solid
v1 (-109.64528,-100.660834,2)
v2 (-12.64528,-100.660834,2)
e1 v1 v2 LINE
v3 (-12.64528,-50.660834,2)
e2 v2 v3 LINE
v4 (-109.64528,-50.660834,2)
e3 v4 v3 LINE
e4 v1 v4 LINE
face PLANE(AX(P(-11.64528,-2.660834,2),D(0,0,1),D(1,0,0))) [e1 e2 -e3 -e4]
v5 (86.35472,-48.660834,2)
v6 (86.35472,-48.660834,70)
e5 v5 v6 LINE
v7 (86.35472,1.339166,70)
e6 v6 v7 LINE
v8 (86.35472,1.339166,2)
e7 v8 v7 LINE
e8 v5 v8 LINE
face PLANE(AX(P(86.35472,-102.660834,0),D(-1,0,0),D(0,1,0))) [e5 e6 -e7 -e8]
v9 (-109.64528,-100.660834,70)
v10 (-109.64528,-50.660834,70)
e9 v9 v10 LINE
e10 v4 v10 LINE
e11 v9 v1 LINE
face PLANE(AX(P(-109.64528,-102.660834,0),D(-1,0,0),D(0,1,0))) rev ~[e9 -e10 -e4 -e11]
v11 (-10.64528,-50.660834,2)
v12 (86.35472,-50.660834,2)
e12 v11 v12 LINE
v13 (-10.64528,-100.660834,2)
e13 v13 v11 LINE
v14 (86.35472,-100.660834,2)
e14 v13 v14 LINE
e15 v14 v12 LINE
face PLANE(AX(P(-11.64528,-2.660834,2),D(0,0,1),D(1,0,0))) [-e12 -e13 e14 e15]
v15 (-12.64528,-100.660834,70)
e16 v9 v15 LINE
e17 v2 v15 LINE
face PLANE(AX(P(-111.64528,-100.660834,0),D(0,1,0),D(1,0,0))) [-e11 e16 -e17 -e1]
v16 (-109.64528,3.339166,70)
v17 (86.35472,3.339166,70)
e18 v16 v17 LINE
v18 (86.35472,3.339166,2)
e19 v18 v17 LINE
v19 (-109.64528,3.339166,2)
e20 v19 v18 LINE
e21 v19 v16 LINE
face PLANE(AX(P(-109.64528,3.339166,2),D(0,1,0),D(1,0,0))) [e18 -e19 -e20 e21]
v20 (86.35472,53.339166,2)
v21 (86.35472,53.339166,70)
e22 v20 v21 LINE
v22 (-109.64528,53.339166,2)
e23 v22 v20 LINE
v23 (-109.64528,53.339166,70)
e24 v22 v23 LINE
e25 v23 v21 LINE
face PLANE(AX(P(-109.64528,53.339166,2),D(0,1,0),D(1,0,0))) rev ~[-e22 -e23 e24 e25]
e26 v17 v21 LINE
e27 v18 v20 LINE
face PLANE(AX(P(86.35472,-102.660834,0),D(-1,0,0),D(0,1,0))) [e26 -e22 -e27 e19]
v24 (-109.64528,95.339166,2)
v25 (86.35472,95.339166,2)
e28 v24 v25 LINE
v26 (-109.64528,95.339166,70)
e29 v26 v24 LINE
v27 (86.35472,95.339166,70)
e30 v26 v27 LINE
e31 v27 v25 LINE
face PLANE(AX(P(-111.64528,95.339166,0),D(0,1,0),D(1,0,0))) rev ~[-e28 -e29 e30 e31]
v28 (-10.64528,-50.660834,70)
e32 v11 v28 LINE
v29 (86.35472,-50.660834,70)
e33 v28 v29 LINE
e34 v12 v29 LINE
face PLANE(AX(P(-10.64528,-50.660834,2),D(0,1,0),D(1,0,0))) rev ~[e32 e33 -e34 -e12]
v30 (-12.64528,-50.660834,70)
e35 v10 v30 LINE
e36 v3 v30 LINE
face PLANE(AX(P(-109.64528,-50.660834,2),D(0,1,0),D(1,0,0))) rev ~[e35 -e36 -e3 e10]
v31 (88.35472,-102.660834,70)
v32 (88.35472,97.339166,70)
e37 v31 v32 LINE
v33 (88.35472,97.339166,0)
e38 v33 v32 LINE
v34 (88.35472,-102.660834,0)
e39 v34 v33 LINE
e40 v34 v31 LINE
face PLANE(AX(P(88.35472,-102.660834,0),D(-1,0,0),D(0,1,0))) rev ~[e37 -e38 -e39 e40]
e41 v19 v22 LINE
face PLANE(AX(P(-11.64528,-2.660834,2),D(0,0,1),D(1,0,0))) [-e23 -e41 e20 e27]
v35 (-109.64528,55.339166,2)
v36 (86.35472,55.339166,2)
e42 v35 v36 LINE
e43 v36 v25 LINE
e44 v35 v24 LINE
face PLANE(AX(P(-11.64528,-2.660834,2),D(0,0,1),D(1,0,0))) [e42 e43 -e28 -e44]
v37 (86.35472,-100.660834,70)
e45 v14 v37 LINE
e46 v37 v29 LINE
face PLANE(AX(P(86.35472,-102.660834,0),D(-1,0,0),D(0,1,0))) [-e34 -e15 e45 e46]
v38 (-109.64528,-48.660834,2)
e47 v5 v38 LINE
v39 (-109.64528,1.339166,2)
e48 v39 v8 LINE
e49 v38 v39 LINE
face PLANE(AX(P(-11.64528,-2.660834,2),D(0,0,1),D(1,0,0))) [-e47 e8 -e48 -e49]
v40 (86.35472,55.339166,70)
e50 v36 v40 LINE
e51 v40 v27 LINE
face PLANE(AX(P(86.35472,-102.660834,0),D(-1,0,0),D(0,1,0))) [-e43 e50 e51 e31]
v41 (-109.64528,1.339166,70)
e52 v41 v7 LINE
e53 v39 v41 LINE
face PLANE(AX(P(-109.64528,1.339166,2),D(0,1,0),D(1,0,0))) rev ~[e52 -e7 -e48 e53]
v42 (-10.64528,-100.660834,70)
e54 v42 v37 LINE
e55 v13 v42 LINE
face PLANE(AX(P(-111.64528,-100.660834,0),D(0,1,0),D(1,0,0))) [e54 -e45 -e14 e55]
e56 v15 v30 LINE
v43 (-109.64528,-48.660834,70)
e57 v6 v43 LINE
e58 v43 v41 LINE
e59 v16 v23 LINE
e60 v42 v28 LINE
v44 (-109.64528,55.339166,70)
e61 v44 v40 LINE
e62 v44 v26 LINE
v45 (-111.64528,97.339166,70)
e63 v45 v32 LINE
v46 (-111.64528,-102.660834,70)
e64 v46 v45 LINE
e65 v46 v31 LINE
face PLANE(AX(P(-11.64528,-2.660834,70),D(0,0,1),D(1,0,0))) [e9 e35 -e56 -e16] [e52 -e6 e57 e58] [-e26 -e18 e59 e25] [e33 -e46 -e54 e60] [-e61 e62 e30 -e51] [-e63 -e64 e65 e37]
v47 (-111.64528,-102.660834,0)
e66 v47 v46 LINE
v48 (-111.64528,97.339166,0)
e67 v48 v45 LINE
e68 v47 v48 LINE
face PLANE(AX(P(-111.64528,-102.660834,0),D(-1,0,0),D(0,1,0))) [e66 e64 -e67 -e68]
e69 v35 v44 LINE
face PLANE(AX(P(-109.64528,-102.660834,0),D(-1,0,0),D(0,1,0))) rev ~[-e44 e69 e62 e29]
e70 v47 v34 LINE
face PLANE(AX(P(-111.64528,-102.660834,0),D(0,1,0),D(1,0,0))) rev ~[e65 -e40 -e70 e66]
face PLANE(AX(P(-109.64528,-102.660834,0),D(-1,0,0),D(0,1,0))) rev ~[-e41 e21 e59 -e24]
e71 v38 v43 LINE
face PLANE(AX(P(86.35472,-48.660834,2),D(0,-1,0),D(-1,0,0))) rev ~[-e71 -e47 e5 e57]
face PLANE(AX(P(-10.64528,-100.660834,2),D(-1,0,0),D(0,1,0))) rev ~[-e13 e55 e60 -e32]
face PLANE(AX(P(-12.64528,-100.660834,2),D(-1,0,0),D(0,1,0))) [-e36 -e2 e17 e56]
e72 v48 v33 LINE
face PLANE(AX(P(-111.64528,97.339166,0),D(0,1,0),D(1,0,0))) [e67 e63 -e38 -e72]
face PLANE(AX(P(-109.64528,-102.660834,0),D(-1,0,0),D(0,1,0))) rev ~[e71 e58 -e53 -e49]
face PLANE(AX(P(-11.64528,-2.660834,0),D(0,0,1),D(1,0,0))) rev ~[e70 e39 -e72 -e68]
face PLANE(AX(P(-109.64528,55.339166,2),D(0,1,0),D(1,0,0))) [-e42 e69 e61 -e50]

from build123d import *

# Parameters (mm, degrees)
F0_W     = 200
F0_H     = 200
F1_DEPTH = 70
F2_T     = -2
F3_W     = 196
F3_H     = 2
F3_W_2   = 2
F3_H_2   = 50
F4_DEPTH = 68


with BuildPart() as f1:
    # F0 (on Top) → F1 (new body)
    with BuildSketch(Plane.XY):
        with Locations((-11.6452798247, -2.6608344432)):
            Rectangle(F0_W, F0_H)
    extrude(amount=F1_DEPTH)

    # F2
    f2_openings = [f1.faces().sort_by_distance(p)[0] for p in [
        (-11.64528, -2.660834, 70),
    ]]
    offset(amount=F2_T, openings=f2_openings)

    # F3 (on face) → F4 (join)
    with BuildSketch(Plane.XY.offset(2)):
        with Locations((-11.6452798247, 54.3391655568)):
            Rectangle(F3_W, F3_H)
        with Locations((-11.6452798247, 2.3391655568)):
            Rectangle(F3_W, F3_H)
        Polygon((86.3547201753, -48.6608344432), (-109.6452798247, -48.6608344432), (-109.6452798247, -50.6608344432), (-12.6452798247, -50.6608344432), (-10.6452798247, -50.6608344432), (86.3547201753, -50.6608344432), align=None)
        with Locations((-11.6452798247, -75.6608344432)):
            Rectangle(F3_W_2, F3_H_2)
    extrude(amount=F4_DEPTH)


solid = f1.part
